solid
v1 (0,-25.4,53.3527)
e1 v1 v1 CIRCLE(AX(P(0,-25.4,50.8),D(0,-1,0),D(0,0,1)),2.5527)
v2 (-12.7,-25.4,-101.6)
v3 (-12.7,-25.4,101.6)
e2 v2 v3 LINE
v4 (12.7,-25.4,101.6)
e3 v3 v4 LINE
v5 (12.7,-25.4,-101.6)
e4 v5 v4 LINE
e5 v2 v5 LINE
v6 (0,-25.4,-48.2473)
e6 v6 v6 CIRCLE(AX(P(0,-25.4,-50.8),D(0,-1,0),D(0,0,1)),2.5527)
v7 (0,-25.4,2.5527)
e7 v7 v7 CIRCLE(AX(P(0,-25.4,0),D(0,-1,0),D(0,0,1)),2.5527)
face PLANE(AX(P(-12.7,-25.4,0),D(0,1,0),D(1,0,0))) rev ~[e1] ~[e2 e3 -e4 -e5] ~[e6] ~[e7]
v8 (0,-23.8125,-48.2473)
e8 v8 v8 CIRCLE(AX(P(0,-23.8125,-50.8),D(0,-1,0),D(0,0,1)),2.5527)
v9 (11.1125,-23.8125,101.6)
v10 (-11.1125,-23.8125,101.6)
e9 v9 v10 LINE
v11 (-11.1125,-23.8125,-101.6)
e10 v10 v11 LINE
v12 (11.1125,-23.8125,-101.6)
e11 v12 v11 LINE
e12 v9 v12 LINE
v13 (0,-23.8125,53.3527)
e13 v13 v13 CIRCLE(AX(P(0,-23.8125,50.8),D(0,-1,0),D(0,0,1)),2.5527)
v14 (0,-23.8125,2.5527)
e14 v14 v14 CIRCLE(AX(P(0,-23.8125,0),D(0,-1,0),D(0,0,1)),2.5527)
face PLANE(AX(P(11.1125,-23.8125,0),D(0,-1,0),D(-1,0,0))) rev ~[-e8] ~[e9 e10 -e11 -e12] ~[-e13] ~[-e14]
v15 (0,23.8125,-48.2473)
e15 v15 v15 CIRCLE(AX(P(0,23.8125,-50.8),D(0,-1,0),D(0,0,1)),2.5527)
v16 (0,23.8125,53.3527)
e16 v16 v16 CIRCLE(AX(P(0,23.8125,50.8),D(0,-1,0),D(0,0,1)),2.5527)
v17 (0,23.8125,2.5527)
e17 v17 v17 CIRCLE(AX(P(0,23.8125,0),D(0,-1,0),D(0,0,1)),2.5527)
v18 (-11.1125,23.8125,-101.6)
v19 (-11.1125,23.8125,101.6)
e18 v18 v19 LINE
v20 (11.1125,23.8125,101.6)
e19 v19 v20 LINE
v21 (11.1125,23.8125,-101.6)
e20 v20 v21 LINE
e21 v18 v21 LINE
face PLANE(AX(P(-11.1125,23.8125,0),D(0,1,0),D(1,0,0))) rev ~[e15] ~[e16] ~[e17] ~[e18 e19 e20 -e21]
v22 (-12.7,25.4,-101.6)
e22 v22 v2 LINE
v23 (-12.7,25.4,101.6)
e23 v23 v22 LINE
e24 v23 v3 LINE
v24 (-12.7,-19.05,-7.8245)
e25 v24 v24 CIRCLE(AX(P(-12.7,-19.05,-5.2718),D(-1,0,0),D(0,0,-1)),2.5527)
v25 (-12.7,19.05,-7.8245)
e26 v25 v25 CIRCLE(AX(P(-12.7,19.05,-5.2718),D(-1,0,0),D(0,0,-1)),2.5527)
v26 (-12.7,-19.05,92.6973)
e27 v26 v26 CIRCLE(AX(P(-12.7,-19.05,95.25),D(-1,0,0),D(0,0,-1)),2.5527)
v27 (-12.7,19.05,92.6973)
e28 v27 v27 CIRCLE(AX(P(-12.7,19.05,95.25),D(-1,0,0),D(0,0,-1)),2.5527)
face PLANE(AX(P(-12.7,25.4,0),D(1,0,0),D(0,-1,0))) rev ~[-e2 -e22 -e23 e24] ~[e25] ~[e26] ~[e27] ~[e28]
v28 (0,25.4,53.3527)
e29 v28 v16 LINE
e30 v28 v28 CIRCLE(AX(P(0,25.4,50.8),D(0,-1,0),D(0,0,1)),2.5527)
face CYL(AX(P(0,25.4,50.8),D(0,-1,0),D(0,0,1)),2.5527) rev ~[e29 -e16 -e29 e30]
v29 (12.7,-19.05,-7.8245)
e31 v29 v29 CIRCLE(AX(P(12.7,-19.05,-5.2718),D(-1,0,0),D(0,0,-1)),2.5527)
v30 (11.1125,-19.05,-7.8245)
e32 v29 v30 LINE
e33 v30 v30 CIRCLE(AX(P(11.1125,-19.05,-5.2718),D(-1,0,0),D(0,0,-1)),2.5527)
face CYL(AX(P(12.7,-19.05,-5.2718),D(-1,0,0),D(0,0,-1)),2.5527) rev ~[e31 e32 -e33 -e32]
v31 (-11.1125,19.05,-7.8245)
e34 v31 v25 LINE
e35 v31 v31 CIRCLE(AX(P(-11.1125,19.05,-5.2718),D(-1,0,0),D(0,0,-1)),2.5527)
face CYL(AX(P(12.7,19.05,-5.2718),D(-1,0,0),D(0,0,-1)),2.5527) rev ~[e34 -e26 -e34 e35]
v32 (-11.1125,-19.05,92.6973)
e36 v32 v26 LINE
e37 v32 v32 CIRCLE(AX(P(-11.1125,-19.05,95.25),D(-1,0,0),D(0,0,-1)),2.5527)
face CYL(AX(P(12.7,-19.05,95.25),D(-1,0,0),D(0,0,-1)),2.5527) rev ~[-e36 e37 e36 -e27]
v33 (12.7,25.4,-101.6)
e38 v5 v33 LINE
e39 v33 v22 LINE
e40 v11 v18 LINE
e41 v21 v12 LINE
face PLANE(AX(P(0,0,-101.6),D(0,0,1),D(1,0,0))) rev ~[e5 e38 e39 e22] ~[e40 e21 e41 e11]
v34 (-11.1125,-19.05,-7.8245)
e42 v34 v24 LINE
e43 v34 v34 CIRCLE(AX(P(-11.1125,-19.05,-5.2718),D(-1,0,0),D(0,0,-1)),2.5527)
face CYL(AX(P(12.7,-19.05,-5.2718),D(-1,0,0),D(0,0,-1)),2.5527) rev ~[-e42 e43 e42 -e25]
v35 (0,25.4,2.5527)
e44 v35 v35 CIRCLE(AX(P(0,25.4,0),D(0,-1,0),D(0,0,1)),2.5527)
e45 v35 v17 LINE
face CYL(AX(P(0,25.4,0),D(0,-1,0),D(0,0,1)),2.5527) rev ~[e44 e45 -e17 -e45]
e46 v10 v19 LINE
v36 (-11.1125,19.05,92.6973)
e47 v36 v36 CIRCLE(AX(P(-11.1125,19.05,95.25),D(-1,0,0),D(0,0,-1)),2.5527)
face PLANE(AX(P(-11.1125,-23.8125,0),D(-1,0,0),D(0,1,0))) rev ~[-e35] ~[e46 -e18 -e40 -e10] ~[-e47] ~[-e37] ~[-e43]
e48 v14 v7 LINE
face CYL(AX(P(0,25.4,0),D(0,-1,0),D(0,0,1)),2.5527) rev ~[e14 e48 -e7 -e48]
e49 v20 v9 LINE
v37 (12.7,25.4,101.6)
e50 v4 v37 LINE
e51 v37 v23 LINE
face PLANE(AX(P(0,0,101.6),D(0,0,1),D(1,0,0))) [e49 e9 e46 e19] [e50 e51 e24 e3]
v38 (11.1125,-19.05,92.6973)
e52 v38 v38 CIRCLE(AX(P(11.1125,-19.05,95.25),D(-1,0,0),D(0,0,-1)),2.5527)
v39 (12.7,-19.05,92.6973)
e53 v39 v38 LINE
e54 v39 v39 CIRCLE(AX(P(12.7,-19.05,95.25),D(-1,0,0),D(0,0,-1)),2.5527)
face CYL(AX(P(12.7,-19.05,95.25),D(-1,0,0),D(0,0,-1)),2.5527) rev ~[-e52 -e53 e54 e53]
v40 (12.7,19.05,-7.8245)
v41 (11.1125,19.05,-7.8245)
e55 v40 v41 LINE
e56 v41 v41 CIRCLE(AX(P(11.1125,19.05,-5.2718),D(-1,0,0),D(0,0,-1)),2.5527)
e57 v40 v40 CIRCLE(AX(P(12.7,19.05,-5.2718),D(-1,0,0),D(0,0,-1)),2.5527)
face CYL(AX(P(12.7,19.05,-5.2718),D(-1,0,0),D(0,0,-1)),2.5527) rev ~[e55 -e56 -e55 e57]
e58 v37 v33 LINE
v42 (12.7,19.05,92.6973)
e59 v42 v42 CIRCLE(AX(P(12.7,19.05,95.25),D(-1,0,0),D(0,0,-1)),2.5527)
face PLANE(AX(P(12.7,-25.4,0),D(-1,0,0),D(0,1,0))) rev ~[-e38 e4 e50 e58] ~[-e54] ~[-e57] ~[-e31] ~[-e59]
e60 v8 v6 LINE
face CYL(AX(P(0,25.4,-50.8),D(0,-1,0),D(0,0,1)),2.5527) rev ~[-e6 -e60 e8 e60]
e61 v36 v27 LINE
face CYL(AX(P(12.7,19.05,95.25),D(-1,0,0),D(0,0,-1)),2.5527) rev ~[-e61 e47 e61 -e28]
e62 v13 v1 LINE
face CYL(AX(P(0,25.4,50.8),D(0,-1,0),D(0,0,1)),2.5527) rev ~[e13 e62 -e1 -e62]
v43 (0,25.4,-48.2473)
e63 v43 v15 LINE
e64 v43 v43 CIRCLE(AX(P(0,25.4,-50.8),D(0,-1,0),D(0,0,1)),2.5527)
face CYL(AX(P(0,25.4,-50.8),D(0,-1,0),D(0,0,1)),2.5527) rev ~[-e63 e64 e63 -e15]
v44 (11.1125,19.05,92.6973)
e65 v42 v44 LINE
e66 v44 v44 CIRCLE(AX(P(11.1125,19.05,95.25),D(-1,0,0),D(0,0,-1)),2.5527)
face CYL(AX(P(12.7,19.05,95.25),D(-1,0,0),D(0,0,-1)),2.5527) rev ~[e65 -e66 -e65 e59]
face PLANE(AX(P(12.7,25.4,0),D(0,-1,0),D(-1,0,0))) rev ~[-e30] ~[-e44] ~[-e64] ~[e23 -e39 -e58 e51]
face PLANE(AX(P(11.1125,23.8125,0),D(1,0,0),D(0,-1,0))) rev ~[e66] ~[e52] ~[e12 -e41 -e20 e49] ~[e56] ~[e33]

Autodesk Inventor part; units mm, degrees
ref_plane "YZ Plane" through (0, 0, 0) normal (1, 0, 0) x (0, 1, 0)
ref_plane "XZ Plane" through (0, 0, 0) normal (0, 1, 0) x (-1, 0, 0)
ref_plane "XY Plane" through (0, 0, 0) normal (0, 0, 1) x (1, 0, 0)
sketch "Sketch1" plane through (0, 0, 0) normal (0, 0, 1) x (1, 0, 0)
  line L0 (-12.7, -25.4) -> (12.7, -25.4)
  line L1 (12.7, -25.4) -> (12.7, 25.4)
  line L2 (12.7, 25.4) -> (-12.7, 25.4)
  line L3 (-12.7, 25.4) -> (-12.7, -25.4)
  line L4 (-12.7, -25.4) -> (12.7, 25.4) construction
  line L5 (12.7, -25.4) -> (-12.7, 25.4) construction
  line L6 (-11.1125, 23.8125) -> (11.1125, 23.8125)
  line L7 (11.1125, 23.8125) -> (11.1125, -23.8125)
  line L8 (11.1125, -23.8125) -> (-11.1125, -23.8125)
  line L9 (-11.1125, -23.8125) -> (-11.1125, 23.8125)
  point P0 (0, 0)
  dimension "width" = 25.4
  dimension "height" = 50.8
  dimension "thickness" = 1.5875
extrude "Extrusion1" add sketch "Sketch1" along normal mid plane 203.2
sketch "Sketch2" plane through (-12.7, 25.4, 101.6) normal (0, 1, 0) x (1, 0, 0)
  line L0 (0, 203.2) -> (0, 0) construction
  line L1 (25.4, 0) -> (0, 0) construction
  line L2 (25.4, 203.2) -> (25.4, 0) construction
  line L3 (0, 203.2) -> (25.4, 203.2) construction
  line L4 (12.7, 152.4) -> (12.7, 50.8) construction
  point P0 (12.7, 101.6)
  point P1 (12.7, 101.6)
  point P2 (12.7, 101.6)
  dimension "d5" = 101.6
hole "Hole1" at (0, 25.4, -50.8) at (0, 25.4, 50.8) at (0, 25.4, 0) direction (0, -1, 0) diameter 5.1054 end through all clearance for "Flat Head Machine Screw (82)" size "#10" standard "Ansi Unified Screw Threads"
sketch "Sketch4" plane through (12.7, -25.4, 101.6) normal (1, 0, 0) x (0, 0, -1)
  circle A0 centre (56.6109, 25.4) radius 53.75 construction
  line L0 (6.35, 6.35) -> (106.8718, 6.35) construction
  line L1 (106.8718, 6.35) -> (106.8718, 44.45) construction
  line L2 (106.8718, 44.45) -> (6.35, 44.45) construction
  line L3 (6.35, 44.45) -> (6.35, 6.35) construction
  line L4 (6.35, 6.35) -> (106.8718, 44.45) construction
  line L5 (106.8718, 6.35) -> (6.35, 44.45) construction
  line L6 (0, 0) -> (0, 50.8) construction
  point P0 (101.6, 25.4)
  dimension "d25" = 107.5
  dimension "d27" = 6.35
  dimension "d28" = 38.1
hole "Hole3" at (12.7, 19.05, 95.25) at (12.7, 19.05, -5.2718) at (12.7, -19.05, -5.2718) at (12.7, -19.05, 95.25) direction (-1, 0, 0) diameter 5.1054 end through all clearance for "Flat Head Machine Screw (82)" size "#10" standard "Ansi Unified Screw Threads"
sketch "Sketch3" plane through (12.7, -25.4, 101.6) normal (1, 0, 0) x (0, 0, -1)
  line L0 (51.3391, 44.45) -> (151.8609, 44.45) construction
  line L1 (151.8609, 44.45) -> (151.8609, 6.35) construction
  line L2 (151.8609, 6.35) -> (51.3391, 6.35) construction
  line L3 (51.3391, 6.35) -> (51.3391, 44.45) construction
  line L4 (51.3391, 44.45) -> (151.8609, 6.35) construction
  line L5 (151.8609, 44.45) -> (51.3391, 6.35) construction
  circle A0 centre (101.6, 25.4) radius 60 construction
  circle A1 centre (101.6, 25.4) radius 47.5 construction
  circle A2 centre (101.6, 25.4) radius 53.75 construction
  dimension "d16" = 107.5
  dimension "d14" = 120
  dimension "d15" = 95
  dimension "d17" = 38.1
properties part number "GP6-003" material "Aluminum 6061"
